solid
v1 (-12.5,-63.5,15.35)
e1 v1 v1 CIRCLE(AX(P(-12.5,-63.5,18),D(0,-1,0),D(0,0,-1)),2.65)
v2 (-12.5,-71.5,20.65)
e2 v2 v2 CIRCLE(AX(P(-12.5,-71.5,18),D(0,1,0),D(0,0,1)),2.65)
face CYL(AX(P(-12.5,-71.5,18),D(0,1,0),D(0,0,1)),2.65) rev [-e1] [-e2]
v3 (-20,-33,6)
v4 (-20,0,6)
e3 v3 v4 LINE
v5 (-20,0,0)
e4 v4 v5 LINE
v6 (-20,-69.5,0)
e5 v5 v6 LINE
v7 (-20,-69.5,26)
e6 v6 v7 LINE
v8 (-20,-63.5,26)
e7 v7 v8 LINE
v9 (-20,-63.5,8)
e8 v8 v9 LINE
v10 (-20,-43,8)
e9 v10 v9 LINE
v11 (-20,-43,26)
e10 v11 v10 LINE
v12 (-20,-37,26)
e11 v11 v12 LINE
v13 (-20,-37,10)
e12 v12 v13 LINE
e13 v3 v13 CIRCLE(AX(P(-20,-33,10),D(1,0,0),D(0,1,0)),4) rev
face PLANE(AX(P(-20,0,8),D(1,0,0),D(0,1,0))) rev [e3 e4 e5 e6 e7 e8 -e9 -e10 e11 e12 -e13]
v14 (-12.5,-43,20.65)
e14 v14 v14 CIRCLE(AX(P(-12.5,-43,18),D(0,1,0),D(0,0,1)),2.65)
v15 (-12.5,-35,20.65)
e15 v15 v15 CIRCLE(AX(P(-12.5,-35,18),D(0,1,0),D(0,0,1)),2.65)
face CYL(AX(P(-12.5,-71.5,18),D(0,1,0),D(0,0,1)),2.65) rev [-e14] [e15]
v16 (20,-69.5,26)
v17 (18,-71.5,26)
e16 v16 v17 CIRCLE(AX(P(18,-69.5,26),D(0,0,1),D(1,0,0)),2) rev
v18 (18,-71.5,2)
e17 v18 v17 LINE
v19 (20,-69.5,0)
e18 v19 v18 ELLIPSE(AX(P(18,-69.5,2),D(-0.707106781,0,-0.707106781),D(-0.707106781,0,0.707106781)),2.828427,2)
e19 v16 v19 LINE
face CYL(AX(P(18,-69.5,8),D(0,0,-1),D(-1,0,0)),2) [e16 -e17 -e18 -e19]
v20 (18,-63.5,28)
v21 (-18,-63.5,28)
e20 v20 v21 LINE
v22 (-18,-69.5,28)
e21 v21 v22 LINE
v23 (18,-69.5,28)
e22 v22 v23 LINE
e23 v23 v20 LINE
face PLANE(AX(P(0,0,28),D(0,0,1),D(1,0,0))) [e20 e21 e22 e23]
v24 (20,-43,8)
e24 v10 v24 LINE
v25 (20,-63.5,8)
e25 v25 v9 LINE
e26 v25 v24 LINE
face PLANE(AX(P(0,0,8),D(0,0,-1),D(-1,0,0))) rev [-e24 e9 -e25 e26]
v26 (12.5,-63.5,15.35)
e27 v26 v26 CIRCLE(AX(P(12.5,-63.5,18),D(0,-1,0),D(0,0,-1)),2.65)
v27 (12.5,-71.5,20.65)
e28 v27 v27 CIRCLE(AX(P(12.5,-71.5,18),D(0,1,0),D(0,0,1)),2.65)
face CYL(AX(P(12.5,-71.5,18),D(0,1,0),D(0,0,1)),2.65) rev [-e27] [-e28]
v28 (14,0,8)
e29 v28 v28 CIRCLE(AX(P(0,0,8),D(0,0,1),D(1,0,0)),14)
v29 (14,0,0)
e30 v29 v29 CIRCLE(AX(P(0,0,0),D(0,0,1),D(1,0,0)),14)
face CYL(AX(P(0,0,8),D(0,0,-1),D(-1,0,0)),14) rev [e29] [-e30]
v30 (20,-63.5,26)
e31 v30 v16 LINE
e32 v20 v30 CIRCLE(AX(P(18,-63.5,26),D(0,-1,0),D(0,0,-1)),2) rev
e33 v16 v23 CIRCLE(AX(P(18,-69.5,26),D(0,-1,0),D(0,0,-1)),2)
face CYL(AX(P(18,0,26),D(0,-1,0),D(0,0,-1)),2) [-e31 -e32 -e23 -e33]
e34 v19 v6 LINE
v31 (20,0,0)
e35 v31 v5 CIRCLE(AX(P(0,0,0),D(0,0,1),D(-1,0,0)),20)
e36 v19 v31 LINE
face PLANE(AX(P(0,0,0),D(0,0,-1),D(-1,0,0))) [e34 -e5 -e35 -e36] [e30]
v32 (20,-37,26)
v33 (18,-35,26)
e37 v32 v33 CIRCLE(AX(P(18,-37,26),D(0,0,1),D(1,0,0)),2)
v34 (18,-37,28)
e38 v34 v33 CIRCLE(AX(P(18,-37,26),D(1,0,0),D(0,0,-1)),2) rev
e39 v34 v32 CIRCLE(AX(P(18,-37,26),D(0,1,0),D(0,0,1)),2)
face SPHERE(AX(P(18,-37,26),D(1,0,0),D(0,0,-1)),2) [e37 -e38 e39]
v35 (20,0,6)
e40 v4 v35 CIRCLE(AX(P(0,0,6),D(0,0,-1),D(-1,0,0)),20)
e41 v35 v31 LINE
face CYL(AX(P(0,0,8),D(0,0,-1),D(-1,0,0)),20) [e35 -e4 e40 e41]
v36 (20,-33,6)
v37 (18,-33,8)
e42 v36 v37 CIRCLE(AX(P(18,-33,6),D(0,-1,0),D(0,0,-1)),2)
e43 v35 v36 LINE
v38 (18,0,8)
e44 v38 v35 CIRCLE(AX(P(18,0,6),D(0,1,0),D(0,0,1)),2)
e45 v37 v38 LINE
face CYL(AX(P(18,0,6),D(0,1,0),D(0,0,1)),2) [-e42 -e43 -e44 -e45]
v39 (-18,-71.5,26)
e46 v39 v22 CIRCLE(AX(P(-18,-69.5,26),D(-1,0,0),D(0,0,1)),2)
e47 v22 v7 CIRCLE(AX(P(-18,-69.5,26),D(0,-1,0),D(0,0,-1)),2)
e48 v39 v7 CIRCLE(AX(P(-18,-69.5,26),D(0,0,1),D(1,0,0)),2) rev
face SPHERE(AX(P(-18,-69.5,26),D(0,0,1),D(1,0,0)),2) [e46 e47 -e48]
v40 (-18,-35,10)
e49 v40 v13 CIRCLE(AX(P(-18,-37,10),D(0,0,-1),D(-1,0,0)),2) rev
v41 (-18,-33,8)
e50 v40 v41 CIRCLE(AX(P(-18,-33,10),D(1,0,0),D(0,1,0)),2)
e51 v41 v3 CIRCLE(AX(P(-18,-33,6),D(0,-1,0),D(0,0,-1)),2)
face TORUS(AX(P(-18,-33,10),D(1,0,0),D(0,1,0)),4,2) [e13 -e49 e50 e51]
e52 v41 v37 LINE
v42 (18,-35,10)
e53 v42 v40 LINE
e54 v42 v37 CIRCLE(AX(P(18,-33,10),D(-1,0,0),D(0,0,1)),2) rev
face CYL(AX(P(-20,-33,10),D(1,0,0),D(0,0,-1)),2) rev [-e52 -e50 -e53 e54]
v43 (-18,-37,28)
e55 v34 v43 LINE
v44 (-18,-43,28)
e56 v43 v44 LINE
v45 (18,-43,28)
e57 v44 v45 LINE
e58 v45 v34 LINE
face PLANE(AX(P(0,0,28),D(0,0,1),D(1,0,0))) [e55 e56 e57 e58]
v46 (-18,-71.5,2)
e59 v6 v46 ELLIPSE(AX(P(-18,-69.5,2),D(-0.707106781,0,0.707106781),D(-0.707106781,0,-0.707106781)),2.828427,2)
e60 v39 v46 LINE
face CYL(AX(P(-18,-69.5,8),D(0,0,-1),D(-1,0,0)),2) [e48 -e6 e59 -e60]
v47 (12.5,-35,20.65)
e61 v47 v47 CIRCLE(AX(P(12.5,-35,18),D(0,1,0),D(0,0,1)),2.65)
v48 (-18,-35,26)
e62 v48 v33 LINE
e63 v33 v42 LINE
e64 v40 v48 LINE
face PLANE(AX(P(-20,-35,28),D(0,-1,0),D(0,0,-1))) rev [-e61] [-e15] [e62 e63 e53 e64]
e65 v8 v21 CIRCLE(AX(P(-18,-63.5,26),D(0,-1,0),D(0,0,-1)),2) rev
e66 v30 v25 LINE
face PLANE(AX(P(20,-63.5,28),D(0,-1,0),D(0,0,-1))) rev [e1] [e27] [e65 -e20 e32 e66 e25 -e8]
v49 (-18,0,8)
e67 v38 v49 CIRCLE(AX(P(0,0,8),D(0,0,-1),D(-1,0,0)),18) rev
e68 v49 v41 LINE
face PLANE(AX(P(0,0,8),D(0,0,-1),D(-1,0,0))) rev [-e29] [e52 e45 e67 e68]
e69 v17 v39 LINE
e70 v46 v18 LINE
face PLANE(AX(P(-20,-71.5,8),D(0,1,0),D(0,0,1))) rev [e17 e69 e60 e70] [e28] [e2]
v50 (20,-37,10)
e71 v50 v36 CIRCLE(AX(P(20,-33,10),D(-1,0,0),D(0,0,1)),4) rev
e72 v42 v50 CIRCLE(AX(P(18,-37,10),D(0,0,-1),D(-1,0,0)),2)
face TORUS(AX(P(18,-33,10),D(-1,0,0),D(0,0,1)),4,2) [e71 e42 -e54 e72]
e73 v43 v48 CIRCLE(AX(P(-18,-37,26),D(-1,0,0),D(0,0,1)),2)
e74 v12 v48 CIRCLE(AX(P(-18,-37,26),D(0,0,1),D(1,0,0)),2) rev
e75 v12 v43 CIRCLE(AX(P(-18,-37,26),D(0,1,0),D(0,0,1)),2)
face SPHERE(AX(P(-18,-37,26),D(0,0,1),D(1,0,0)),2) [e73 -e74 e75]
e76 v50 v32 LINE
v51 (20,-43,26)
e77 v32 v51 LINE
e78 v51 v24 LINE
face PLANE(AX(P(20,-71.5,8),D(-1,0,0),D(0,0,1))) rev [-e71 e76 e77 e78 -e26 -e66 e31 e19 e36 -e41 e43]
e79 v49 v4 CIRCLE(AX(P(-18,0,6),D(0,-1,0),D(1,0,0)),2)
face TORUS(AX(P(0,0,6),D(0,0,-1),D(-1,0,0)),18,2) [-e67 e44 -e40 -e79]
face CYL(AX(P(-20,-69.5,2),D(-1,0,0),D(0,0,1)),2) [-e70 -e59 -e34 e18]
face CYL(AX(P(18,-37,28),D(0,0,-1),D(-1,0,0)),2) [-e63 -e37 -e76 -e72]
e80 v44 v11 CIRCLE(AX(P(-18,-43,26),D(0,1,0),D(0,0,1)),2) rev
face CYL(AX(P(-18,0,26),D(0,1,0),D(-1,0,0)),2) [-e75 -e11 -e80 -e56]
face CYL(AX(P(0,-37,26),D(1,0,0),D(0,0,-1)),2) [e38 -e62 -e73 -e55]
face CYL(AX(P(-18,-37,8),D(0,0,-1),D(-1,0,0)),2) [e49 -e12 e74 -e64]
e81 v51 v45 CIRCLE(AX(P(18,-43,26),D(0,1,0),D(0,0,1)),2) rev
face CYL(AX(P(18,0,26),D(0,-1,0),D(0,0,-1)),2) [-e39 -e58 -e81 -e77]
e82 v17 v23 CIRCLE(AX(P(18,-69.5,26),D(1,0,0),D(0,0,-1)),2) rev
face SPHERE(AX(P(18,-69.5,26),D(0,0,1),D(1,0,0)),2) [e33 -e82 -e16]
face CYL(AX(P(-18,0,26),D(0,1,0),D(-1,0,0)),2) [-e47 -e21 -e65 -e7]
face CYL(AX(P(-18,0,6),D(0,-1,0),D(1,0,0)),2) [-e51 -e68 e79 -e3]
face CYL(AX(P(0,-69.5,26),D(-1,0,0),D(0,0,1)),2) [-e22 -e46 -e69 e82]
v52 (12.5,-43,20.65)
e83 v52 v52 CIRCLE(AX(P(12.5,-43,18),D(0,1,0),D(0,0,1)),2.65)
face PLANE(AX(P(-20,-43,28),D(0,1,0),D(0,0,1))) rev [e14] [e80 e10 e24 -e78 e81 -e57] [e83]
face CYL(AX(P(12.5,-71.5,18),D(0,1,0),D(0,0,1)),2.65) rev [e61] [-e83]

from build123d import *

# Parameters (mm, degrees)
SKETCH1_R           = 14
BOSS_EXTRUDE1_DEPTH = 8
SKETCH2_W           = 40
SKETCH2_H           = 8
BOSS_EXTRUDE2_DEPTH = 20
SKETCH3_R           = 2.65
CUT_EXTRUDE1_DEPTH  = 37.5
FILLET1_R           = 2


with BuildPart() as part:
    # Sketch1 → Boss-Extrude1 (new body)
    with BuildSketch(Plane.XY):
        with BuildLine():
            Line((-20, 0), (-20, -71.5))
            Line((-20, -71.5), (20, -71.5))
            Line((20, -71.5), (20, 0))
            ThreePointArc((20, 0), (0, 20), (-20, 0))
        make_face()
        Circle(SKETCH1_R, mode=Mode.SUBTRACT)
    extrude(amount=BOSS_EXTRUDE1_DEPTH)

    # Sketch2 → Boss-Extrude2 (add)
    with BuildSketch(Plane.XY.offset(8)):
        with Locations((0, -39)):
            Rectangle(SKETCH2_W, SKETCH2_H)
        with Locations((0, -67.5)):
            Rectangle(SKETCH2_W, SKETCH2_H)
    extrude(amount=BOSS_EXTRUDE2_DEPTH)

    # Sketch3 → Cut-Extrude1 (cut, through all)
    with BuildSketch(Plane(origin=(0, -35, 0), x_dir=(1, 0, 0), z_dir=(0, 1, 0))):
        with Locations((-12.5, -18)):
            Circle(SKETCH3_R)
        with Locations((12.5, -18)):
            Circle(SKETCH3_R)
    extrude(amount=-CUT_EXTRUDE1_DEPTH, mode=Mode.SUBTRACT)

    # Fillet1
    fillet1_edges = [part.edges().sort_by_distance(p)[0] for p in [
        (20, -17.5, 8),
        (-20, -35, 18),
        (0, -35, 8),
        (20, -35, 18),
        (-20, -39, 28),
        (20, -39, 28),
        (0, -35, 28),
        (20, -67.5, 28),
        (-20, -67.5, 28),
        (0, -71.5, 28),
        (0, 20, 8),
        (0, -71.5, 0),
        (20, -71.5, 14),
        (-20, -71.5, 14),
        (-20, -17.5, 8),
    ]]
    fillet(fillet1_edges, radius=FILLET1_R)


solid = part.part
